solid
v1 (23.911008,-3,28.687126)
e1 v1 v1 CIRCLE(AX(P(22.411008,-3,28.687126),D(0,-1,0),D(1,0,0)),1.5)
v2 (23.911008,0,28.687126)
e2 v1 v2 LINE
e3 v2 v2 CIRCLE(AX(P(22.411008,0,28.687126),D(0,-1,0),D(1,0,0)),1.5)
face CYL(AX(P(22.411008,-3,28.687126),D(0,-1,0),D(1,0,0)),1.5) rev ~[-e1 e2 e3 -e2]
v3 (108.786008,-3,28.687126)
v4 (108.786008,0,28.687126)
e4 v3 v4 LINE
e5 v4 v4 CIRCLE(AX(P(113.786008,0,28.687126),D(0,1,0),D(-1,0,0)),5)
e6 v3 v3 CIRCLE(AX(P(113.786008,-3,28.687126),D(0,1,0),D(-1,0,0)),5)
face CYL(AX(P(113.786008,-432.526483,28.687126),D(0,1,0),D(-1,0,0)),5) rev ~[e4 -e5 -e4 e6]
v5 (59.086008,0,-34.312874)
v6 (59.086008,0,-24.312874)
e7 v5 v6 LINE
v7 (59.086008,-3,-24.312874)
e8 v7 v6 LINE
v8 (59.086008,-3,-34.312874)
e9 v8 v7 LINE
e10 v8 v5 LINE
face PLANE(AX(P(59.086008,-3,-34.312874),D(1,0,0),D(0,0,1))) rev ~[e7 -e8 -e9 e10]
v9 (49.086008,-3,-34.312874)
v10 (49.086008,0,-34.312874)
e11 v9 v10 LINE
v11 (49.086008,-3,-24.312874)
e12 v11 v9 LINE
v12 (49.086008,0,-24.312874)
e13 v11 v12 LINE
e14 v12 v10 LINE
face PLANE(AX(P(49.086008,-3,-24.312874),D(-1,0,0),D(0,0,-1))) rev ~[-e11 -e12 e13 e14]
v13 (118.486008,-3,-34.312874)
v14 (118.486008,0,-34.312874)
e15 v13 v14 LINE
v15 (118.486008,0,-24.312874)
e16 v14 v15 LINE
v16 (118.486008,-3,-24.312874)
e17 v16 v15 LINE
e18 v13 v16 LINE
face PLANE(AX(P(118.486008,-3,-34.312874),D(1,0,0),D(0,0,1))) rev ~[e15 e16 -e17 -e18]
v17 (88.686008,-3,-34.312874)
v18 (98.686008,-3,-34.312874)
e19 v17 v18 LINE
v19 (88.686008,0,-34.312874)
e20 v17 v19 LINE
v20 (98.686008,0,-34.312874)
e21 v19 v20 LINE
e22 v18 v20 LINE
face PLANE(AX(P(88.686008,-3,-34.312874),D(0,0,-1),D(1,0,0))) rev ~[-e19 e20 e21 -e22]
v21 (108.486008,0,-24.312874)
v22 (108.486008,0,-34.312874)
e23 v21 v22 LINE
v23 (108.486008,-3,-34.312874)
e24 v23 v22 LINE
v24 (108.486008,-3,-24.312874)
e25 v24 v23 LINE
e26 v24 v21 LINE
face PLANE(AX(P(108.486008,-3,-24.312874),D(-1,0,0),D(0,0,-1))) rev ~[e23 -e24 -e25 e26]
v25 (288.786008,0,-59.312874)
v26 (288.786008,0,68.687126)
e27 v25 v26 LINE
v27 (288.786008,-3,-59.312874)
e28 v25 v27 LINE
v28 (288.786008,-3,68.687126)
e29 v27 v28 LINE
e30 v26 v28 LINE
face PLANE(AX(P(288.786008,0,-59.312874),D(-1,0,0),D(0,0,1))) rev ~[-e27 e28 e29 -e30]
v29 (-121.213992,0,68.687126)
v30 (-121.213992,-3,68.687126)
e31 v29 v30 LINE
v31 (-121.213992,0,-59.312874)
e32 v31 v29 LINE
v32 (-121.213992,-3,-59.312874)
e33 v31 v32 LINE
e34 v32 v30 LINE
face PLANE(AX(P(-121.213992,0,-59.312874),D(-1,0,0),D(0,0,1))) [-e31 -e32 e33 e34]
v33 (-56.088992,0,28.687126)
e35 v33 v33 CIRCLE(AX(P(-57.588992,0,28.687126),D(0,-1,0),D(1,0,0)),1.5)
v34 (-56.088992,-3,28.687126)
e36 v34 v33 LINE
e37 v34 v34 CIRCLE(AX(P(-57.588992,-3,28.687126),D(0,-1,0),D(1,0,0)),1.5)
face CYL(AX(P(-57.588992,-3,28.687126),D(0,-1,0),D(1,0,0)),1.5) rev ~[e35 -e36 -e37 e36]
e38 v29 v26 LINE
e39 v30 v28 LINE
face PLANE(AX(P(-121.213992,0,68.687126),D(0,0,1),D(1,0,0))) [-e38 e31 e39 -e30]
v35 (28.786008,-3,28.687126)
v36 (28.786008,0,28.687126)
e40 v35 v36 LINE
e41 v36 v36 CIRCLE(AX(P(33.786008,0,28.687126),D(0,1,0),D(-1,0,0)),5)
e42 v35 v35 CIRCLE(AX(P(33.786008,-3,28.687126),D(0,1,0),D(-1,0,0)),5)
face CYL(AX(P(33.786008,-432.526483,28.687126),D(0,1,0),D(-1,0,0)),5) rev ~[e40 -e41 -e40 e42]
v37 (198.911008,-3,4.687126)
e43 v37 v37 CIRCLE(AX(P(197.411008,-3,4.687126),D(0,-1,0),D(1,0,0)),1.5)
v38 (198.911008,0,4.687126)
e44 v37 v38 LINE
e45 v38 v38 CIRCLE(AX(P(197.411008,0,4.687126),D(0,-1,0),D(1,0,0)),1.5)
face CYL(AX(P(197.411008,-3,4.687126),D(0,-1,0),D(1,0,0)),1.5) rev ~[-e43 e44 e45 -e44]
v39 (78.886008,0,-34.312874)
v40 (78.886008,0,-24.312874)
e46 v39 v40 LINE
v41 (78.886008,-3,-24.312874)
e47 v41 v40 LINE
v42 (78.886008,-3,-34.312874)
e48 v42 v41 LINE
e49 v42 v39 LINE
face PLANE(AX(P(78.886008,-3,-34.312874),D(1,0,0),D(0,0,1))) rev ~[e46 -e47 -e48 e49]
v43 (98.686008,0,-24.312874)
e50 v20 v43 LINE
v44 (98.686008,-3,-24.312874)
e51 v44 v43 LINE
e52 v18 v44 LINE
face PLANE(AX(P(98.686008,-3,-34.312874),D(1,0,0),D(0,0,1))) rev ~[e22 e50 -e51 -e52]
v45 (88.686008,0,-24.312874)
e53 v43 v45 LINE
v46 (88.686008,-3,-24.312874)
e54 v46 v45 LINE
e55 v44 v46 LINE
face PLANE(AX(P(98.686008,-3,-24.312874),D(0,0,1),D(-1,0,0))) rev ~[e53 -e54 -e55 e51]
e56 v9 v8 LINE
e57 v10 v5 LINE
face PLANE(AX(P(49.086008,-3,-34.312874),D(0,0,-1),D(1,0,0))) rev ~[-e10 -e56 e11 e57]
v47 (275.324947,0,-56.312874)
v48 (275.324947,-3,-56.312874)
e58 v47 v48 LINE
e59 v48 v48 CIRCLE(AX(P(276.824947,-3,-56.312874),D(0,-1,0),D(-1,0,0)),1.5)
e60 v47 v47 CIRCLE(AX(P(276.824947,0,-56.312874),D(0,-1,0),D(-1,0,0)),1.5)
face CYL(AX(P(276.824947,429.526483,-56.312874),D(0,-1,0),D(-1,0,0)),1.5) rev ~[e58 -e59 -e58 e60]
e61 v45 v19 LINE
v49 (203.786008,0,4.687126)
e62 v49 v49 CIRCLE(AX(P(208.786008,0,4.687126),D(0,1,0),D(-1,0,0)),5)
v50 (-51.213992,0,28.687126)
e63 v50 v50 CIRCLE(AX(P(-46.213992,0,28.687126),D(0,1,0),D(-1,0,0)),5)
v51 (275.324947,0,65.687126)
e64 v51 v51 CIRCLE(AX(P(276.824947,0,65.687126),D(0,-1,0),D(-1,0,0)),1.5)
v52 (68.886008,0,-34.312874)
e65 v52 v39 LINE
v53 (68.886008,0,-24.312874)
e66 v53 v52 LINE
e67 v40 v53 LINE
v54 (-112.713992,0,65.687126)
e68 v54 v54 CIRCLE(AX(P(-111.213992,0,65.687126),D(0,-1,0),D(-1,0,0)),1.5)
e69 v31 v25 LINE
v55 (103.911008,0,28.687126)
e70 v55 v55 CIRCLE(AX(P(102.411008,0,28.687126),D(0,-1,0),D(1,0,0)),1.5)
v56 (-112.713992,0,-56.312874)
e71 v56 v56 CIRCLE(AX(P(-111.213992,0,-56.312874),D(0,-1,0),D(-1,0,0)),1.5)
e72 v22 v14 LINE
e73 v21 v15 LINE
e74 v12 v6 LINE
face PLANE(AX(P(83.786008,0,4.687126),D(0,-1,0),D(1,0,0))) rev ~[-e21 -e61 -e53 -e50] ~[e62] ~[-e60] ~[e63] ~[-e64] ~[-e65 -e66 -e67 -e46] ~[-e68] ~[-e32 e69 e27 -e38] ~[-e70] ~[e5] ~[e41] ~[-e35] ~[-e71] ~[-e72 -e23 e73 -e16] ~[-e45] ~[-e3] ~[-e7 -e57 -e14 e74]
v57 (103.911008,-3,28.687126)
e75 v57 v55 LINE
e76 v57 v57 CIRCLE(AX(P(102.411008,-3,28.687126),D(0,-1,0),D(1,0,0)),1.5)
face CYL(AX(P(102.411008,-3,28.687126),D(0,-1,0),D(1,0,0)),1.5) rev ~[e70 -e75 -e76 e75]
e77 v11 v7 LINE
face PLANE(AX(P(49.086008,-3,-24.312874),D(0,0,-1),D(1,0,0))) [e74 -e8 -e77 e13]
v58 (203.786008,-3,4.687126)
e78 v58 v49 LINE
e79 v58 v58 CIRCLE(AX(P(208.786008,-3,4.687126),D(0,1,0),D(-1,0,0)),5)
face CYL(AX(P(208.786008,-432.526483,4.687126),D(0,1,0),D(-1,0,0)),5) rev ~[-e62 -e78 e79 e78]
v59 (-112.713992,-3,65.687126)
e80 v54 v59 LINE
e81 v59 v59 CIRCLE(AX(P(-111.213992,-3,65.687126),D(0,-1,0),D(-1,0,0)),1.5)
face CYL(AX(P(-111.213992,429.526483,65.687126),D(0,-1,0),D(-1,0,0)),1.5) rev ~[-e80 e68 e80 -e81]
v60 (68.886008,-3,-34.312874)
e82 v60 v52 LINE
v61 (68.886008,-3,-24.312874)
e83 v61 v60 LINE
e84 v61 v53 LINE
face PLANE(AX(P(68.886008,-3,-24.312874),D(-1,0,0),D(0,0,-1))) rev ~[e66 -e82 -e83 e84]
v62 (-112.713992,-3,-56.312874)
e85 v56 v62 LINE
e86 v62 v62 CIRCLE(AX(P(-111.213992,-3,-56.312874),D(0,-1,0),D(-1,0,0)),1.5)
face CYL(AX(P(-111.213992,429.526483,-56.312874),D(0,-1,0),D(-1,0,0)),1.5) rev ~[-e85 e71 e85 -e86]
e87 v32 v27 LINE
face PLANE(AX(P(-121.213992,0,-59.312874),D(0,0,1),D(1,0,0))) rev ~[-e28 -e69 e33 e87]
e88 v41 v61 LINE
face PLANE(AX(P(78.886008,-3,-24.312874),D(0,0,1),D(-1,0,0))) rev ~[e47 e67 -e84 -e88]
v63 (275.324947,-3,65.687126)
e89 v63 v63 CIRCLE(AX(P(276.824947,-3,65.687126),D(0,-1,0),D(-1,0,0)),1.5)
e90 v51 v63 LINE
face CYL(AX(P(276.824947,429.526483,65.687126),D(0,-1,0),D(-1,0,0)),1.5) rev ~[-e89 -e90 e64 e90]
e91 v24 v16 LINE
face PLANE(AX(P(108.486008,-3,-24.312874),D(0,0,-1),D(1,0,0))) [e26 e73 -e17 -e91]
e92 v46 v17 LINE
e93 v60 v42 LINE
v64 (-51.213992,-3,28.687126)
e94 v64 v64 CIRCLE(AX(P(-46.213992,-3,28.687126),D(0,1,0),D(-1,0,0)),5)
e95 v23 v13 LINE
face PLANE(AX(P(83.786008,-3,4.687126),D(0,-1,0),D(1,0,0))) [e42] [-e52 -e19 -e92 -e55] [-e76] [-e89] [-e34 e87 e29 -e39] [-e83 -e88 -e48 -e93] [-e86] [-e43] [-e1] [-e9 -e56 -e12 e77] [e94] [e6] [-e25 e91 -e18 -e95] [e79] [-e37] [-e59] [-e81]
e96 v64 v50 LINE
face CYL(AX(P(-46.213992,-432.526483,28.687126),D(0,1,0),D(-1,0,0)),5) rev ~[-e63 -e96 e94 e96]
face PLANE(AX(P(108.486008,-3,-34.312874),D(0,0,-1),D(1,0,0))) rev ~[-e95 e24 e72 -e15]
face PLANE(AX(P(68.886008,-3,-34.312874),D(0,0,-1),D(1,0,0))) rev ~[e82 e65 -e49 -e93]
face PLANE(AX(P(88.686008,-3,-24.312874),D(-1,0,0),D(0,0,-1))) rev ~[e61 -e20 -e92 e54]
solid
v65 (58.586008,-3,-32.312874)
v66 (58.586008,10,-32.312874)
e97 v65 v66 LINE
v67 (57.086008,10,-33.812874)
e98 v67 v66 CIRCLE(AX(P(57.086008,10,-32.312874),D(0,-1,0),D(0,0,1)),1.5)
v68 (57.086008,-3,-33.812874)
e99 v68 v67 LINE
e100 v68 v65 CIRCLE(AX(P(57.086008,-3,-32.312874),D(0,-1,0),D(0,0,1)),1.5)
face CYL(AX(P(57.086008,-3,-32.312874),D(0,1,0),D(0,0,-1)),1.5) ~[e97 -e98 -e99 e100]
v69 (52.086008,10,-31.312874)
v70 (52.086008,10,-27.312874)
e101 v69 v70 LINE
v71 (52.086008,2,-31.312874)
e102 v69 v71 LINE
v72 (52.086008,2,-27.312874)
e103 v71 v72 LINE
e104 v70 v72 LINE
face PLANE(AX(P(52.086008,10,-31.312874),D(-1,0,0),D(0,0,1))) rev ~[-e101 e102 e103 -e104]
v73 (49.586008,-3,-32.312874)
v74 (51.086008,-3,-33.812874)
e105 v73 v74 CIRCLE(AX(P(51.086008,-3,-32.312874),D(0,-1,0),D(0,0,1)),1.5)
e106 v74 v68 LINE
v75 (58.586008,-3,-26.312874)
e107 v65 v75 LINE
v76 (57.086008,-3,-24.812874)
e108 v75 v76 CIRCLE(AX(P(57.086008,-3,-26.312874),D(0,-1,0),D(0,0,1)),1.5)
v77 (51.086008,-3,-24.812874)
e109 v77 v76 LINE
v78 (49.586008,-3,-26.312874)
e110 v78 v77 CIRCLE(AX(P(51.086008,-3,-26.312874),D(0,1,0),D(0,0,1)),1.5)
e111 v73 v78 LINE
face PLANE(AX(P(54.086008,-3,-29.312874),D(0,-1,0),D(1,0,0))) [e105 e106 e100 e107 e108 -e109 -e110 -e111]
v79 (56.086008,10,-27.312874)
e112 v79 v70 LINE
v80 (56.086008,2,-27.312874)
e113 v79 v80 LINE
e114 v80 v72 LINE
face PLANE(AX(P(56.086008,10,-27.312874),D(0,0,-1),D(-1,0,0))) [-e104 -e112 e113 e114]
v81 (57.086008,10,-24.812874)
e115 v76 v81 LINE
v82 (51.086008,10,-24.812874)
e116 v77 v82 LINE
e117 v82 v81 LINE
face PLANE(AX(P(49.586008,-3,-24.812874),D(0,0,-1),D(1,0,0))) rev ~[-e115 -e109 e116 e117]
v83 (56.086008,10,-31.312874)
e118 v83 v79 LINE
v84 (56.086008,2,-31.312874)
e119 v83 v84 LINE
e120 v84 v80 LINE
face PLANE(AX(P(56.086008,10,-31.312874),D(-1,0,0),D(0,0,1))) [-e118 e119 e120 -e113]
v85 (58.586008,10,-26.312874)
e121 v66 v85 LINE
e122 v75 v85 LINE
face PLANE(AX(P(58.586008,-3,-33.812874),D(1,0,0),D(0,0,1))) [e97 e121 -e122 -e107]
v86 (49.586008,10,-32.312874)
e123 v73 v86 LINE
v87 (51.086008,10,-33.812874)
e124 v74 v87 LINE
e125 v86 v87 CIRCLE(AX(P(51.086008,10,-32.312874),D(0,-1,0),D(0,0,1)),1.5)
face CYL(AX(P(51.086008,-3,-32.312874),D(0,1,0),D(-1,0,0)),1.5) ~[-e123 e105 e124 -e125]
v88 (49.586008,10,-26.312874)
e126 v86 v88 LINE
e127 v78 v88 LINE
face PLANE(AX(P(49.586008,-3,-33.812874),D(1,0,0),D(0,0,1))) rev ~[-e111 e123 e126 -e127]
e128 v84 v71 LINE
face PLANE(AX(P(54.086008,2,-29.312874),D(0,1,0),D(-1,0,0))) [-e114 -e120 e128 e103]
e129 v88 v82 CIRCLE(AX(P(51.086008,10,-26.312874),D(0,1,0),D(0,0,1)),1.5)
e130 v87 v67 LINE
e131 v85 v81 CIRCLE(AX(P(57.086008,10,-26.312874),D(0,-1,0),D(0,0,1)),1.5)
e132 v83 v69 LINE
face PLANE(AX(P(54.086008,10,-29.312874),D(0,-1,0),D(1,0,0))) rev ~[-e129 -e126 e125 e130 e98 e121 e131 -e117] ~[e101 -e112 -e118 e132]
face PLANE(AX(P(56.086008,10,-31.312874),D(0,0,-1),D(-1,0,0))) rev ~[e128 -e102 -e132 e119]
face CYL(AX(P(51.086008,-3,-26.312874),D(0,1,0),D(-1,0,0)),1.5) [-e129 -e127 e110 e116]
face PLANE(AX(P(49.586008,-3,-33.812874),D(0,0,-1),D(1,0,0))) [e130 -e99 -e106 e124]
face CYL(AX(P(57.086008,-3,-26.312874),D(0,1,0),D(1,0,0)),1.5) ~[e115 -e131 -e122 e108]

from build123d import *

# Parameters (mm, degrees)
F0_W      = 410
F0_H      = 128
F1_DEPTH  = 3
F2_D      = 3
F4_D      = 10
F3_W      = 10
F3_H      = 5
F5_DEPTH  = 3
F3_R      = 1.5
F6_DEPTH  = 3
F7_W      = 9
F7_H      = 9
F8_DEPTH  = 13
F9_R      = 1.5
F10_W     = 4
F10_H     = 4
F11_DEPTH = 8


with BuildPart() as f1:
    # F0 (on Front) → F1 (new body)
    with BuildSketch(Plane.XZ):
        with Locations((83.7860082106, 4.6871258765)):
            Rectangle(F0_W, F0_H)
    extrude(amount=F1_DEPTH)

    # F2 (through all)
    with Locations(Plane(origin=(0, 0, 0), x_dir=(1, 0, 0), z_dir=(0, 1, 0))):
        with Locations((-111.2139917894, -65.6871258765), (276.8249472189, -65.6871258765), (276.8249472189, 56.3128741235), (-111.2139917894, 56.3128741235)):
            Hole(F2_D / 2)

    # F4 (through all)
    with Locations(Plane.XZ.offset(3)):
        with Locations((-46.2139917894, 28.6871258765), (33.7860082106, 28.6871258765), (113.7860082106, 28.6871258765), (208.7860082106, 4.6871258765)):
            Hole(F4_D / 2)

    # F3 (on face) → F5 (cut, through all)
    with BuildSketch(Plane.XZ.offset(3)):
        with Locations((54.0860082106, -31.8128741235)):
            Rectangle(F3_W, F3_H)
        with Locations((54.0860082106, -26.8128741235)):
            Rectangle(F3_W, F3_H)
        Polygon((73.8860082106, -29.3128741235), (78.8860082106, -29.3128741235), (78.8860082106, -24.3128741235), (68.8860082106, -24.3128741235), (68.8860082106, -29.3128741235), align=None)
        Polygon((78.8860082106, -34.3128741235), (78.8860082106, -29.3128741235), (73.8860082106, -29.3128741235), (68.8860082106, -29.3128741235), (68.8860082106, -34.3128741235), align=None)
        Polygon((93.6860082106, -29.3128741235), (88.6860082106, -29.3128741235), (88.6860082106, -34.3128741235), (98.6860082106, -34.3128741235), (98.6860082106, -29.3128741235), align=None)
        Polygon((88.6860082106, -24.3128741235), (88.6860082106, -29.3128741235), (93.6860082106, -29.3128741235), (98.6860082106, -29.3128741235), (98.6860082106, -24.3128741235), align=None)
        with Locations((113.4860082106, -26.8128741235)):
            Rectangle(F3_W, F3_H)
        with Locations((113.4860082106, -31.8128741235)):
            Rectangle(F3_W, F3_H)
    extrude(amount=-F5_DEPTH, mode=Mode.SUBTRACT)

    # F3 (on face) → F6 (cut, through all)
    with BuildSketch(Plane.XZ.offset(3)):
        with Locations((-57.5889917894, 28.6871258765)):
            Circle(F3_R)
        with Locations((22.4110082106, 28.6871258765)):
            Circle(F3_R)
        with Locations((102.4110082106, 28.6871258765)):
            Circle(F3_R)
        with Locations((197.4110082106, 4.6871258765)):
            Circle(F3_R)
    extrude(amount=-F6_DEPTH, mode=Mode.SUBTRACT)


with BuildPart() as f8:
    # F7 (on face) → F8 (new body)
    with BuildSketch(Plane.XZ.offset(3)):
        with Locations((54.0860082106, -29.3128741235)):
            Rectangle(F7_W, F7_H)
    extrude(amount=-F8_DEPTH)

    # F9
    f9_edges = [f8.edges().sort_by_distance(p)[0] for p in [
        (58.586008, 3.5, -24.812874),
        (49.586008, 3.5, -24.812874),
        (58.586008, 3.5, -33.812874),
        (49.586008, 3.5, -33.812874),
    ]]
    fillet(f9_edges, radius=F9_R)

    # F10 (on face) → F11 (cut)
    with BuildSketch(Plane(origin=(0, 10, 0), x_dir=(-1, 0, 0), z_dir=(0, 1, 0))):
        with Locations((-54.0860082106, -29.3128741235)):
            Rectangle(F10_W, F10_H)
    extrude(amount=-F11_DEPTH, mode=Mode.SUBTRACT)


solid = Compound([f1.part, f8.part])
